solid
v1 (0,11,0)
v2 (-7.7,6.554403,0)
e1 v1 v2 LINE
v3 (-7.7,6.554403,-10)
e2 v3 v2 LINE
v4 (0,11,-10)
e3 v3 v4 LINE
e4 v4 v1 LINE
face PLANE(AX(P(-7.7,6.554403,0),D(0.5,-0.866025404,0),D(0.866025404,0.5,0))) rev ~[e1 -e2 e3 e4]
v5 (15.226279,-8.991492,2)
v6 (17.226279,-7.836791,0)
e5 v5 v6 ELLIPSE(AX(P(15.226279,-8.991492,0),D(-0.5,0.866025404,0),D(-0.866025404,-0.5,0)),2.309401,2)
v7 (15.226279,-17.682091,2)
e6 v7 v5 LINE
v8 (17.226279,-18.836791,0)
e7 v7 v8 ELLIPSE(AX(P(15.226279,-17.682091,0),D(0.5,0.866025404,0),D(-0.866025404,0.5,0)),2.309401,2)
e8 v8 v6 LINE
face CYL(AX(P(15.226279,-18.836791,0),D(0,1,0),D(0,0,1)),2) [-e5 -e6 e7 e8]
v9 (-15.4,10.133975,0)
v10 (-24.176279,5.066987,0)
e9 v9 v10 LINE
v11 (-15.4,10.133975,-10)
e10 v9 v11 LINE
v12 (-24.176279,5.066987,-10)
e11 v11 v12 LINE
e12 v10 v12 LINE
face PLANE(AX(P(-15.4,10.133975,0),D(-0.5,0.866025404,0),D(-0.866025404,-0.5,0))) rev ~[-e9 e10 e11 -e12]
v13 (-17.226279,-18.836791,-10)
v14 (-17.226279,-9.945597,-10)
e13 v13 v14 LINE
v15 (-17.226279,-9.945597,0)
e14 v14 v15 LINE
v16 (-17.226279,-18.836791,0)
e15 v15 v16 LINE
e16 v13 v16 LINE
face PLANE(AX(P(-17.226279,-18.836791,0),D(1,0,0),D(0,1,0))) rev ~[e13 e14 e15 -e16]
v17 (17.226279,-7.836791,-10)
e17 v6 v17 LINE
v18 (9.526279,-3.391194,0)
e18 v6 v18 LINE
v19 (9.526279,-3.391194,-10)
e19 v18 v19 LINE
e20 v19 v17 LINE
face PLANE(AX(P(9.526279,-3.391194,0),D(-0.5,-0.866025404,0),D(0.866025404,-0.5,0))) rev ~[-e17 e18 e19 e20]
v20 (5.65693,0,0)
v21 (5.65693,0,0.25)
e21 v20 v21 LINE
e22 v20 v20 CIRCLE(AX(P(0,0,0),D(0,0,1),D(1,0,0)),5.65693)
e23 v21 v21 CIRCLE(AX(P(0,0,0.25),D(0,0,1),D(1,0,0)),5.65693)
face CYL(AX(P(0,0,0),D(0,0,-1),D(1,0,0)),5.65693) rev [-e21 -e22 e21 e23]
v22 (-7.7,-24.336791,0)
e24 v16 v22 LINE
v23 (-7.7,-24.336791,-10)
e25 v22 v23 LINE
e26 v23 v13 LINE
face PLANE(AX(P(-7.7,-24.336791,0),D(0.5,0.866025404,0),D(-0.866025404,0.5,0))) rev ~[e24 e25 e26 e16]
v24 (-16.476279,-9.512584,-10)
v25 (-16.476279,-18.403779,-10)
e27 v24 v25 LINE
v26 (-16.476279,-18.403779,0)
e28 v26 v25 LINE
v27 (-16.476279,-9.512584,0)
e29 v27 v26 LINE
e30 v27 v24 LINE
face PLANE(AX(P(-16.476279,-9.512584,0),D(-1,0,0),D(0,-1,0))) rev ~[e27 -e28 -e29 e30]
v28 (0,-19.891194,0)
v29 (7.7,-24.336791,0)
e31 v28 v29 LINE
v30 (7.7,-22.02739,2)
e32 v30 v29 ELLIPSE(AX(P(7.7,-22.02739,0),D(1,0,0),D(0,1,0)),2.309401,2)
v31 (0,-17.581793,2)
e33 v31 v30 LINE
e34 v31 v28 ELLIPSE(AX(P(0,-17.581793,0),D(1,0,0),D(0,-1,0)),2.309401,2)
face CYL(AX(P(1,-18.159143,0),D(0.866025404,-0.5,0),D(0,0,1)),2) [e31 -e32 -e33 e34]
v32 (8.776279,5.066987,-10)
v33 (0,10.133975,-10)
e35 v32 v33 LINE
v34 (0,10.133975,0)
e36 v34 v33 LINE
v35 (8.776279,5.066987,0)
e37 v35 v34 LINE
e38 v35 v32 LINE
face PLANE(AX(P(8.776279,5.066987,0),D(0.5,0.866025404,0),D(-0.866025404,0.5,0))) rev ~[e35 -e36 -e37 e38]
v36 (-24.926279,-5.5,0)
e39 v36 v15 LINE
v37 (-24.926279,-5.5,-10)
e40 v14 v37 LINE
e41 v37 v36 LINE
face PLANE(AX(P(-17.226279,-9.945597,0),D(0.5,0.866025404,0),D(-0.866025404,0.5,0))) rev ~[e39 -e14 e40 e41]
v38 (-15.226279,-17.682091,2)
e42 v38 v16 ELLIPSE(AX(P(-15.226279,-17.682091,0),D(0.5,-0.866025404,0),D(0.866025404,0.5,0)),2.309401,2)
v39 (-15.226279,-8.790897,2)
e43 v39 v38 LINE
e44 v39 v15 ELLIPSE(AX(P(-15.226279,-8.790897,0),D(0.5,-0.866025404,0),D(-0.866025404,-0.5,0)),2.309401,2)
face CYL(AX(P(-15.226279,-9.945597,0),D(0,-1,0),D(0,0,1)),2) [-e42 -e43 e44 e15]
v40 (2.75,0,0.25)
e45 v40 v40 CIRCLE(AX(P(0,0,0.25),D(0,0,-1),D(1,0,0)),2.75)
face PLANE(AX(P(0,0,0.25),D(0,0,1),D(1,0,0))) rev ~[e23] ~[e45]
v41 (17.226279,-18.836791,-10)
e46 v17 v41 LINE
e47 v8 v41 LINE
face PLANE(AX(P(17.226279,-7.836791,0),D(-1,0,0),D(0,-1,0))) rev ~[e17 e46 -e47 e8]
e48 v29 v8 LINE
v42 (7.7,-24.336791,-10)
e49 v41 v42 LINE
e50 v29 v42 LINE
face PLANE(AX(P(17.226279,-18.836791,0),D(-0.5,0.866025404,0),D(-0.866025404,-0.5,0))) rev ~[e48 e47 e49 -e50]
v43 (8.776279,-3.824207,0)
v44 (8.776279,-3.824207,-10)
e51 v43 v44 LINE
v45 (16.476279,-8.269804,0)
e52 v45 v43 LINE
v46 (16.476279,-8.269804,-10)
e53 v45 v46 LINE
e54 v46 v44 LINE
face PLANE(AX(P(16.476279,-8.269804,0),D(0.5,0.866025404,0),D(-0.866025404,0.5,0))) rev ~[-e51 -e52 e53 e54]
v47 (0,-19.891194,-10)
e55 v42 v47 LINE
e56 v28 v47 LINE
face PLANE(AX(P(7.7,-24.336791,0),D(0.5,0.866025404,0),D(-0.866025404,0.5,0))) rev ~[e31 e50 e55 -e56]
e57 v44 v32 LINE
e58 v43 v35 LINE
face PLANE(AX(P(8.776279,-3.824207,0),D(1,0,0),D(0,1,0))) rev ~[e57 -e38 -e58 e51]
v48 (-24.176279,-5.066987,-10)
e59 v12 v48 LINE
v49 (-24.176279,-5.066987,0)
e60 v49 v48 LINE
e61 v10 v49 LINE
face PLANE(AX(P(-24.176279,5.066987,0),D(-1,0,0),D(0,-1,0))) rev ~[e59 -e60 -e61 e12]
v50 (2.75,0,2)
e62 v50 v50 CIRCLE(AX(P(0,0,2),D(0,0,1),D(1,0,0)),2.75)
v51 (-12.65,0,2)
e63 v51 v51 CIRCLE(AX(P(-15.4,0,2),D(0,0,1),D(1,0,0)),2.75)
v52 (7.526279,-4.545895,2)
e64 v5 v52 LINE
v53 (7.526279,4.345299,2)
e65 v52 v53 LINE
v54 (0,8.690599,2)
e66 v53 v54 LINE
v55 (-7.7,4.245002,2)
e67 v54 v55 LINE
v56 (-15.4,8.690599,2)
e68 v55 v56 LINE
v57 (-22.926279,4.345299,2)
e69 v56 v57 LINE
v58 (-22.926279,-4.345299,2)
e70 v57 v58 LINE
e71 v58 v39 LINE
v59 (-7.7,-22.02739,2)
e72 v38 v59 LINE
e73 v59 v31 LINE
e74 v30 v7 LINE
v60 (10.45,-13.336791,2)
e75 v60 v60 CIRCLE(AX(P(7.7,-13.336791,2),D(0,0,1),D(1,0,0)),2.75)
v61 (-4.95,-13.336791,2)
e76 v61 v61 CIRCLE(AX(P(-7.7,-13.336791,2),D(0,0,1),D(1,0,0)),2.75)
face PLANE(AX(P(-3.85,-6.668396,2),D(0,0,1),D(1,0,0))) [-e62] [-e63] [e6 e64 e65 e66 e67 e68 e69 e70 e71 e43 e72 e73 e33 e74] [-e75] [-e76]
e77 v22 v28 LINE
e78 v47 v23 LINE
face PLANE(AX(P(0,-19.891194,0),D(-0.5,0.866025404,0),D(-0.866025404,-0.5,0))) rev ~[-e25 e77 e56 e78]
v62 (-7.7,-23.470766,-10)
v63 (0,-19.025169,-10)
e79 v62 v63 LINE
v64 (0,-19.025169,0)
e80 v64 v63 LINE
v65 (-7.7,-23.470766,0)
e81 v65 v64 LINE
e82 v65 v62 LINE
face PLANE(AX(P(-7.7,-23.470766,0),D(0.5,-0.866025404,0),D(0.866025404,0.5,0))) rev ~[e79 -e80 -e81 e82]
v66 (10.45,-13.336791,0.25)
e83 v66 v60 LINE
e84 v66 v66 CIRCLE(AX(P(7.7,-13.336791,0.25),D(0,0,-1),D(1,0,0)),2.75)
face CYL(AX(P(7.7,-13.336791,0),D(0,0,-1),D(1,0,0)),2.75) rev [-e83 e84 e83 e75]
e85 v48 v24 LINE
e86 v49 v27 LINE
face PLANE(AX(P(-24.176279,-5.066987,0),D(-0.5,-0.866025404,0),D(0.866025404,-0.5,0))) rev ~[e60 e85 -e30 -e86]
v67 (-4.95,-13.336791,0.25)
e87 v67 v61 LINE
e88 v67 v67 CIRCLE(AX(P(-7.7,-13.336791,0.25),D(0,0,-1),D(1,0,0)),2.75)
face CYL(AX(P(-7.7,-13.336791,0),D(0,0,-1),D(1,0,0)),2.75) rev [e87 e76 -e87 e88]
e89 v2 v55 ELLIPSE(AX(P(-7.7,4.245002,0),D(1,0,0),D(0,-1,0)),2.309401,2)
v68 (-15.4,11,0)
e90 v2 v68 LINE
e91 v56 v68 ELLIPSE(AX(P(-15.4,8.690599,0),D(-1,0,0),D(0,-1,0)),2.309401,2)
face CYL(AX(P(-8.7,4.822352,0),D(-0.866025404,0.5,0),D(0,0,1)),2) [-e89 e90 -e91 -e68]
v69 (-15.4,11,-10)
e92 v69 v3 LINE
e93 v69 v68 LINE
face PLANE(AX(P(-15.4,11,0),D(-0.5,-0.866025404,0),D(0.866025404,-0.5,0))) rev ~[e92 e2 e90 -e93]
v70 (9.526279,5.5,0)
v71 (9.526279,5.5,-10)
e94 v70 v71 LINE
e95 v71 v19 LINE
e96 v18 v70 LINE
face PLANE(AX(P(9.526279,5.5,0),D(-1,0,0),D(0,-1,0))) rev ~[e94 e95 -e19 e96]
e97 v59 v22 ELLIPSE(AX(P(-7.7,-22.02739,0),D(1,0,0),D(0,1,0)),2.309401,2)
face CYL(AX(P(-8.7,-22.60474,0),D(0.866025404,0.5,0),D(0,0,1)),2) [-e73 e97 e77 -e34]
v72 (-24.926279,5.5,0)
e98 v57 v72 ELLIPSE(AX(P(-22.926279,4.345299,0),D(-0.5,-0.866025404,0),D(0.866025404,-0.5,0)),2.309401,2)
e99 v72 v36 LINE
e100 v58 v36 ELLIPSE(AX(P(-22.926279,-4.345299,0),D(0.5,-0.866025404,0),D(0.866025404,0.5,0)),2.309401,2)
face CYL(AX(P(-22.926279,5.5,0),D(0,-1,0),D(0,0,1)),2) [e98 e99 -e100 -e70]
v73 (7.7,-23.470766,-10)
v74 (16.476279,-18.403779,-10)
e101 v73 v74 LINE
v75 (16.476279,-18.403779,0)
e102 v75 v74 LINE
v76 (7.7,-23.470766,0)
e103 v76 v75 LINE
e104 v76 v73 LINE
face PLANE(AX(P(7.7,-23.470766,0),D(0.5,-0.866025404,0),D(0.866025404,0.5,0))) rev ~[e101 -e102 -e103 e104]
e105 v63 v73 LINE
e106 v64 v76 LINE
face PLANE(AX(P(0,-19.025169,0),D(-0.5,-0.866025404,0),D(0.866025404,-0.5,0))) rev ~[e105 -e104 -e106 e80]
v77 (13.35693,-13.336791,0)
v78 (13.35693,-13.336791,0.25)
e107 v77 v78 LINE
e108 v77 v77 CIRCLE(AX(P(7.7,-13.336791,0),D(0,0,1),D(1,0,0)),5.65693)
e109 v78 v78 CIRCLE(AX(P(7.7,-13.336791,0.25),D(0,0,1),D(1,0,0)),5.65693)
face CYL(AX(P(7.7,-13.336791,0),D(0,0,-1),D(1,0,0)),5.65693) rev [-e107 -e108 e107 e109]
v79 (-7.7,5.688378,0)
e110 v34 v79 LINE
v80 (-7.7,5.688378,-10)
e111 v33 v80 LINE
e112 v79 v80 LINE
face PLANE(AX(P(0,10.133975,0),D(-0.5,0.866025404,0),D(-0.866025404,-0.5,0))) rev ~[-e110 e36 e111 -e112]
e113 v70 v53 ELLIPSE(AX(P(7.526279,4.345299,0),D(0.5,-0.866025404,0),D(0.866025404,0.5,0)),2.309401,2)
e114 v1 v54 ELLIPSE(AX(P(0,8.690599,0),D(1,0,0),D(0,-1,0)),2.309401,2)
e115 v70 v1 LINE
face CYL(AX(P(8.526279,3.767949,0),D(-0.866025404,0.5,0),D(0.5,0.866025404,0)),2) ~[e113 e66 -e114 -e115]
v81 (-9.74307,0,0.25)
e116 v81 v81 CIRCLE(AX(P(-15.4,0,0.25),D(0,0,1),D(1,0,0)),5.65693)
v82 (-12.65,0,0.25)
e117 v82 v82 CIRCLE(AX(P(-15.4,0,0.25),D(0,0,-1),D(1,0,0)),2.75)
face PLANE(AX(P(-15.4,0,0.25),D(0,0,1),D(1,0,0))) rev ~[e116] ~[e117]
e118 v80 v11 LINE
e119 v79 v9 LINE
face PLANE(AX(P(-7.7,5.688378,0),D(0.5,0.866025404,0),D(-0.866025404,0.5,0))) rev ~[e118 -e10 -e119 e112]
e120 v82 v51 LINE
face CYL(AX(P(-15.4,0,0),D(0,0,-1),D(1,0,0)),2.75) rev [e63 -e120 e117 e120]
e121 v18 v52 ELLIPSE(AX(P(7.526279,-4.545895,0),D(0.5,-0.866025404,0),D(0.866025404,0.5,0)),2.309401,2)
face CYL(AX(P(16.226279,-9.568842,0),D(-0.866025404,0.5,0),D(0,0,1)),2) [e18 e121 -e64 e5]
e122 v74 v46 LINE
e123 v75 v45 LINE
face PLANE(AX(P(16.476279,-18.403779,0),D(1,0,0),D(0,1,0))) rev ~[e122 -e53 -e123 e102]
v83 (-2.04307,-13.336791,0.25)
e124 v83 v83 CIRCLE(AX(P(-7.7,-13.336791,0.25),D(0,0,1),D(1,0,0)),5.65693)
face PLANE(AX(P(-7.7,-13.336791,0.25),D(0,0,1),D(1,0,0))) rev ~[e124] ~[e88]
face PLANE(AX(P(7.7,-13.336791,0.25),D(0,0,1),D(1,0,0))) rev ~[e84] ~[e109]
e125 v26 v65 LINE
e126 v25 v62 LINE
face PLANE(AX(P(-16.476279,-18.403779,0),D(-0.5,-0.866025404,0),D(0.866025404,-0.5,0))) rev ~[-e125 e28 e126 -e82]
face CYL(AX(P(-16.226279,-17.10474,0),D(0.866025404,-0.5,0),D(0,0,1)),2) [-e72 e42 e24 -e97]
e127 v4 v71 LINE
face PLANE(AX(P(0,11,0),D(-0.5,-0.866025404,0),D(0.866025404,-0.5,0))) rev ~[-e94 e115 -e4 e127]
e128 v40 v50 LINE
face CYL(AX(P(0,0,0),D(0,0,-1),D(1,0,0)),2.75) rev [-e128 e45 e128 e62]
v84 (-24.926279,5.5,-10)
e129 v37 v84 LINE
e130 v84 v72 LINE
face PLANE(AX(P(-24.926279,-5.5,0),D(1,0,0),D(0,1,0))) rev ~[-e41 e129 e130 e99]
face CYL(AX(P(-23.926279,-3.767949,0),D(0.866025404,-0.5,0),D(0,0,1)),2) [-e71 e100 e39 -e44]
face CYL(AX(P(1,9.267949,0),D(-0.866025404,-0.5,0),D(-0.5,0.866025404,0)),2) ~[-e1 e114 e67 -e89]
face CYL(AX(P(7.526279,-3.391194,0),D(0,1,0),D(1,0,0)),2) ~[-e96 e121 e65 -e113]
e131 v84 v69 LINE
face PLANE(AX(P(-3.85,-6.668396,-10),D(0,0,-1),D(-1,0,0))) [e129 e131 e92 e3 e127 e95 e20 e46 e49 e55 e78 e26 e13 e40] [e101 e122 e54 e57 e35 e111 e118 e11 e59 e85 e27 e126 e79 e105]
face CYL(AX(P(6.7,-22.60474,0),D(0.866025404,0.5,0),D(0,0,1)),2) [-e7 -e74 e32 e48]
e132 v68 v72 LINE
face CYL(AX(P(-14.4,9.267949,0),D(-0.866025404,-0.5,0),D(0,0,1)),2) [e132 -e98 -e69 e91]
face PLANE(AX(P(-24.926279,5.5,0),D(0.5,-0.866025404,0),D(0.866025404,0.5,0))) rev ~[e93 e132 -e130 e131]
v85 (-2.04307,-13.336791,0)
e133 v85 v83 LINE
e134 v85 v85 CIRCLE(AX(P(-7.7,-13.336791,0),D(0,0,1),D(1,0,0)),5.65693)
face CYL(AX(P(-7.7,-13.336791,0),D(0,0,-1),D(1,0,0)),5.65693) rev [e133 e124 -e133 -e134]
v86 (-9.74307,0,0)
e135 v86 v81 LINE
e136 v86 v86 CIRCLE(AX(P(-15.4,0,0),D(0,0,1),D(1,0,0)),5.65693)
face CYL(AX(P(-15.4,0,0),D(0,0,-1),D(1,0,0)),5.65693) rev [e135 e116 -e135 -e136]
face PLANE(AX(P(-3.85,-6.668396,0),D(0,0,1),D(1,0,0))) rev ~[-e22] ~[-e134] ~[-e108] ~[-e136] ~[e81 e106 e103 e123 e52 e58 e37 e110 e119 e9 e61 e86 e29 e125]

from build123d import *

# Parameters (mm, degrees)
BOSS_EXTRUDE1_DEPTH = 2
BOSS_EXTRUDE2_DEPTH = 10
SKETCH1_4_R         = 2.75
CUT_EXTRUDE1_DEPTH  = 2
FILLET1_R           = 2
SKETCH1_5_R         = 5.656929669
CUT_EXTRUDE5_DEPTH  = 0.25


with BuildPart() as part:
    # Sketch1 → Boss-Extrude1 (new body)
    with BuildSketch(Plane.XY):
        Polygon((-24.926279442, 5.5), (-24.926279442, -5.5), (-17.226279442, -9.945597073), (-17.226279442, -18.836791218), (-7.7, -24.336791218), (0, -19.891194146), (7.7, -24.336791218), (17.226279442, -18.836791218), (17.226279442, -7.836791218), (9.526279442, -3.391194146), (9.526279442, 5.5), (0, 11), (-7.7, 6.554402927), (-15.4, 11), align=None)
    extrude(amount=BOSS_EXTRUDE1_DEPTH)

    # Sketch1<3> → Boss-Extrude2 (add)
    with BuildSketch(Plane.XY):
        Polygon((-15.4, 11), (-24.926279442, 5.5), (-24.926279442, -5.5), (-17.226279442, -9.945597073), (-17.226279442, -18.836791218), (-7.7, -24.336791218), (0, -19.891194146), (7.7, -24.336791218), (17.226279442, -18.836791218), (17.226279442, -7.836791218), (9.526279442, -3.391194146), (9.526279442, 5.5), (0, 11), (-7.7, 6.554402927), align=None)
        Polygon((-24.176279442, 5.066987298), (-15.4, 10.133974596), (-7.7, 5.688377523), (0, 10.133974596), (8.776279442, 5.066987298), (8.776279442, -3.824206847), (16.476279442, -8.26980392), (16.476279442, -18.403778516), (7.7, -23.470765814), (0, -19.025168742), (-7.7, -23.470765814), (-16.476279442, -18.403778516), (-16.476279442, -9.512584371), (-24.176279442, -5.066987298), align=None, mode=Mode.SUBTRACT)
    extrude(amount=-BOSS_EXTRUDE2_DEPTH)

    # Sketch1<4> → Cut-Extrude1 (cut)
    with BuildSketch(Plane.XY):
        with Locations((-15.4, 0)):
            Circle(SKETCH1_4_R)
        Circle(SKETCH1_4_R)
        with Locations((-7.7, -13.336791218)):
            Circle(SKETCH1_4_R)
        with Locations((7.7, -13.336791218)):
            Circle(SKETCH1_4_R)
    extrude(amount=CUT_EXTRUDE1_DEPTH, mode=Mode.SUBTRACT)

    # Fillet1
    fillet1_edges = [part.edges().sort_by_distance(p)[0] for p in [
        (4.763139721, 8.25, 2),
        (9.526279442, 1.054402927, 2),
        (13.376279442, -5.613992682, 2),
        (17.226279442, -13.336791218, 2),
        (12.463139721, -21.586791218, 2),
        (3.85, -22.113992682, 2),
        (-3.85, -22.113992682, 2),
        (-12.463139721, -21.586791218, 2),
        (-17.226279442, -14.391194146, 2),
        (-21.076279442, -7.722798536, 2),
        (-24.926279442, 0, 2),
        (-20.163139721, 8.25, 2),
        (-11.55, 8.777201464, 2),
        (-3.85, 8.777201464, 2),
    ]]
    fillet(fillet1_edges, radius=FILLET1_R)

    # Sketch1<5> → Cut-Extrude5 (cut)
    with BuildSketch(Plane.XY):
        with Locations((-15.4, 0)):
            Circle(SKETCH1_5_R)
        Circle(SKETCH1_5_R)
        with Locations((7.7, -13.336791218)):
            Circle(SKETCH1_5_R)
        with Locations((-7.7, -13.336791218)):
            Circle(SKETCH1_5_R)
    extrude(amount=CUT_EXTRUDE5_DEPTH, mode=Mode.SUBTRACT)


solid = part.part
